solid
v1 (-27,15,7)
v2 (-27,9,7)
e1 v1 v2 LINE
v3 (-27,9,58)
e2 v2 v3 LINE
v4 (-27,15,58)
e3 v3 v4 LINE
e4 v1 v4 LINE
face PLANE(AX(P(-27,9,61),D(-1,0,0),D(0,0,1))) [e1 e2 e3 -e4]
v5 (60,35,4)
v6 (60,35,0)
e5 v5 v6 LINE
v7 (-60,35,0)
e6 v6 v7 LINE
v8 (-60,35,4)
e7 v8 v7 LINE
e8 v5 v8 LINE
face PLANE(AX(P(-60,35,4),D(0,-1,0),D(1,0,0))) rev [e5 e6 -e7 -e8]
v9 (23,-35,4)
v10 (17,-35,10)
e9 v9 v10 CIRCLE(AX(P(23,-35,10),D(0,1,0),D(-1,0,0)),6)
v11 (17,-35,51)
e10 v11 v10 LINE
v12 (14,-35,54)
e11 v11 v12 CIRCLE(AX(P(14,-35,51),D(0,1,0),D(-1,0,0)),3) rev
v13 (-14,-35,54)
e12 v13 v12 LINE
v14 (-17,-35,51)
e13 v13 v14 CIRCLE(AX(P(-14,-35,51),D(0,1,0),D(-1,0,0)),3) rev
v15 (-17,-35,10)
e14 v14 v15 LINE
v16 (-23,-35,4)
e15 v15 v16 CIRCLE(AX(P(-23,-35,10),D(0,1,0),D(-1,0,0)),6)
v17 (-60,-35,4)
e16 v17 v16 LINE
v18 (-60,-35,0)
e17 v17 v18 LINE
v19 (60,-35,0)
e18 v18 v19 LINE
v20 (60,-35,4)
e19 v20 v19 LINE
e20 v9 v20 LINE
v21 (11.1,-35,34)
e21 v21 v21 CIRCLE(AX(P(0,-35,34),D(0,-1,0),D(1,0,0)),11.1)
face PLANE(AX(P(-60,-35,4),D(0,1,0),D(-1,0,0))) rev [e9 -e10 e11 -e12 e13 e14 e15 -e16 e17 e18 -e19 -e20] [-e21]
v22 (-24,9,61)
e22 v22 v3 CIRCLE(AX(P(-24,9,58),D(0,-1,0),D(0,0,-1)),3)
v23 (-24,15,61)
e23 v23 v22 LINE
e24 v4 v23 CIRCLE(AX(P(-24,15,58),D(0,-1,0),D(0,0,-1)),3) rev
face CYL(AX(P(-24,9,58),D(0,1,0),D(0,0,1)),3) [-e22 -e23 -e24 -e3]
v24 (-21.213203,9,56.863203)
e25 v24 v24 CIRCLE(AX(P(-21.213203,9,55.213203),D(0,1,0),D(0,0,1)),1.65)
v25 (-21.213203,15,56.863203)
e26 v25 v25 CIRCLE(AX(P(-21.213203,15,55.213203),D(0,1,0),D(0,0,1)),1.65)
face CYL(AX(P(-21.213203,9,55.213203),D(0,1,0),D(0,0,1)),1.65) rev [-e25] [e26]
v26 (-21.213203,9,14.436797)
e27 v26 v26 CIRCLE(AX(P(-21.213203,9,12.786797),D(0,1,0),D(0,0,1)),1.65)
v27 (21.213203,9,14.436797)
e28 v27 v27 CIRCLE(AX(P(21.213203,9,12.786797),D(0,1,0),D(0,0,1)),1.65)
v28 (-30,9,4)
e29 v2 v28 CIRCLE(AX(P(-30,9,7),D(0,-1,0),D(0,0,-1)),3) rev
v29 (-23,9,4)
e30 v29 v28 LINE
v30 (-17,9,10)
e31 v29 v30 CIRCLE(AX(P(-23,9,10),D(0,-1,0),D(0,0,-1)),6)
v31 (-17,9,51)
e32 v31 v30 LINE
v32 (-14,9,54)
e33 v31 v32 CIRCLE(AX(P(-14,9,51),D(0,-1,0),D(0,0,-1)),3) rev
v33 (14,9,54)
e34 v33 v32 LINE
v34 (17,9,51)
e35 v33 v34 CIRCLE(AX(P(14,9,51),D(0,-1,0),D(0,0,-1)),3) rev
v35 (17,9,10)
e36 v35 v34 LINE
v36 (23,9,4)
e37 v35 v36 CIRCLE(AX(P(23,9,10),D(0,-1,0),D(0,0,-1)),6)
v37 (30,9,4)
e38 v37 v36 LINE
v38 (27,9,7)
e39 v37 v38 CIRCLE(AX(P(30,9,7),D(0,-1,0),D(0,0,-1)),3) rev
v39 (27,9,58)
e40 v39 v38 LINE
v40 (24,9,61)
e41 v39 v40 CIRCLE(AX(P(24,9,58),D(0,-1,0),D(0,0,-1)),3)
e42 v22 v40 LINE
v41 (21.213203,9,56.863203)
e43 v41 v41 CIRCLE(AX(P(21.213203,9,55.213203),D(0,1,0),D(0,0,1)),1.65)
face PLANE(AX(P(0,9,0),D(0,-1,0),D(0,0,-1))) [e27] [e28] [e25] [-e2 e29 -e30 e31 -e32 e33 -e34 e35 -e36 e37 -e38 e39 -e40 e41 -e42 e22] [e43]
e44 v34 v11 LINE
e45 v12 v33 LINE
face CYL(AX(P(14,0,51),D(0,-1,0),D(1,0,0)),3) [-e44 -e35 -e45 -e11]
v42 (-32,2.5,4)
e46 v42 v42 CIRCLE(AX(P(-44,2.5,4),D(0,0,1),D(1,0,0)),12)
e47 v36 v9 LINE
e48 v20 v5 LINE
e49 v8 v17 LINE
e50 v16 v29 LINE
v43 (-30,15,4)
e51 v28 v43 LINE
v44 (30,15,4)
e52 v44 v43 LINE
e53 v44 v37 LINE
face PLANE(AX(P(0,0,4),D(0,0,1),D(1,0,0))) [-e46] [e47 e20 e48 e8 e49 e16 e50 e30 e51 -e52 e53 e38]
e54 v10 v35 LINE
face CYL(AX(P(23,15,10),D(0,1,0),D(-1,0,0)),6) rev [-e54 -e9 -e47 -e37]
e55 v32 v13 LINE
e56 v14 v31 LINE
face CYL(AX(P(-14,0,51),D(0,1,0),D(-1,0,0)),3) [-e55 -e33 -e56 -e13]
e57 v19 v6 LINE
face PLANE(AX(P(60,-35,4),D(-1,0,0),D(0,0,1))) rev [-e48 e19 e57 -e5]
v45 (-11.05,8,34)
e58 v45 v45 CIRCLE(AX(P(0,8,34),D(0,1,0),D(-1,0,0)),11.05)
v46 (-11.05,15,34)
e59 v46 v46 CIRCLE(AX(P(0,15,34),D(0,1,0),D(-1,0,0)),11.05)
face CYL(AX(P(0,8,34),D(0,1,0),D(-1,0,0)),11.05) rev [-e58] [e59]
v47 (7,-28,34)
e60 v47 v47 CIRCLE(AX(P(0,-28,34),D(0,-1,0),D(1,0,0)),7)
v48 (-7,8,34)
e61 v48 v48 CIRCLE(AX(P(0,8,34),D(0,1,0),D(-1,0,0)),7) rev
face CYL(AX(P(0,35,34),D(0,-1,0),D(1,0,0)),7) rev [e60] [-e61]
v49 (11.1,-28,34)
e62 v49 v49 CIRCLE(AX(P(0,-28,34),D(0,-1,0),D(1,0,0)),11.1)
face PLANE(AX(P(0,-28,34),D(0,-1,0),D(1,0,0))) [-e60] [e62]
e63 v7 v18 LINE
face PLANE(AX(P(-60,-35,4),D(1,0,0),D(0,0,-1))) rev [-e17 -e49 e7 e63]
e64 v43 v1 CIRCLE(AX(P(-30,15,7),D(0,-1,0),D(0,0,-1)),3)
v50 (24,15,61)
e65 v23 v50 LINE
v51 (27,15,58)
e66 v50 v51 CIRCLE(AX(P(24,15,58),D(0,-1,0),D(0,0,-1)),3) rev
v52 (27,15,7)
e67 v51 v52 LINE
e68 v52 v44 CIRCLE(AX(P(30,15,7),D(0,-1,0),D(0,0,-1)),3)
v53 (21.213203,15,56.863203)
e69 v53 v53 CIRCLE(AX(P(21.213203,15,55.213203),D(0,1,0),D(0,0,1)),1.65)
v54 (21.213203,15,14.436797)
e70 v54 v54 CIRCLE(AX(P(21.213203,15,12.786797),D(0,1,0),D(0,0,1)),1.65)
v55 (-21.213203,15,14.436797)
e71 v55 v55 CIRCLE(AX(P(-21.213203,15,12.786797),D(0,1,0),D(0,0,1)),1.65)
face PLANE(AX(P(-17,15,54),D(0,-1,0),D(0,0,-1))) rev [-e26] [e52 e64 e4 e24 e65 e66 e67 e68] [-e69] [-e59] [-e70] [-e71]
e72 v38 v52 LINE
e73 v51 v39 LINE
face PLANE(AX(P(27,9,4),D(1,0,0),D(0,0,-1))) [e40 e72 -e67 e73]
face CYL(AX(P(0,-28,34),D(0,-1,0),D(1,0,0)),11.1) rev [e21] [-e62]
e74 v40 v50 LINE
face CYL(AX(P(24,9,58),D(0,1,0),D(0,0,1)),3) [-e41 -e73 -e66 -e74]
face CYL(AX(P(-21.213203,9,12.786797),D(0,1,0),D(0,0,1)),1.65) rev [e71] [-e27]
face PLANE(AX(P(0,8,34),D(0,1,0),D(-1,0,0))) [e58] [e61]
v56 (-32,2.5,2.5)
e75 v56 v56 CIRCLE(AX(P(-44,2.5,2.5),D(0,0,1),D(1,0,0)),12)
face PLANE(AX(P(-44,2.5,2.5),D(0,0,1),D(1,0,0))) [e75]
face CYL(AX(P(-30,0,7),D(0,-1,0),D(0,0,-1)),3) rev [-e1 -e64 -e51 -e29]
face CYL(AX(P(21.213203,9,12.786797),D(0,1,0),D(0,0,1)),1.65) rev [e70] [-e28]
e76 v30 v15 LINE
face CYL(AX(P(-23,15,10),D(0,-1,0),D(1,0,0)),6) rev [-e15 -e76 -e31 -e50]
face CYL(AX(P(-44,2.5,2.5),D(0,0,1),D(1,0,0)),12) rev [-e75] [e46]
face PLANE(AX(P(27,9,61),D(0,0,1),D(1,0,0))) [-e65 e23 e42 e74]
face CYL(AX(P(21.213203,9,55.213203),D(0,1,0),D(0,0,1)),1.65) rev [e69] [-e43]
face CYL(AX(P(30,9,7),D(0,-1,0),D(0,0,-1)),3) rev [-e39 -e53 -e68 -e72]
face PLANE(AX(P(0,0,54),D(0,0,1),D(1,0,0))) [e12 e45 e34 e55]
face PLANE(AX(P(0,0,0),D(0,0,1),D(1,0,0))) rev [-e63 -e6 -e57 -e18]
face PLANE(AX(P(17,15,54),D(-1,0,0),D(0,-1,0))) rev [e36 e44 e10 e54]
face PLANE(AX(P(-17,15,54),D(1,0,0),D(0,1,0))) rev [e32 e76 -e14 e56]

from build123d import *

# Parameters (mm, degrees)
SKETCH1_W           = 70
SKETCH1_H           = 120
BOSS_EXTRUDE1_DEPTH = 4
SKETCH2_W           = 34
SKETCH2_H           = 50
BOSS_EXTRUDE2_DEPTH = 50
SKETCH3_R           = 11.1
CUT_EXTRUDE1_DEPTH  = 7
SKETCH5_R           = 7
CUT_EXTRUDE3_DEPTH  = 103.396288995
SKETCH6_R           = 11.05
CUT_EXTRUDE4_DEPTH  = 7
SKETCH7_R           = 12
CUT_EXTRUDE5_DEPTH  = 1.5
SKETCH8_R           = 1.65
BOSS_EXTRUDE3_DEPTH = 6
FILLET1_R           = 3
FILLET2_R           = 6


with BuildPart() as part:
    # Sketch1 → Boss-Extrude1 (new body)
    with BuildSketch(Plane(origin=(0, 0, 0), x_dir=(0, 1, 0), z_dir=(0, 0, 1))):
        Rectangle(SKETCH1_W, SKETCH1_H)
    extrude(amount=BOSS_EXTRUDE1_DEPTH)

    # Sketch2 → Boss-Extrude2 (add)
    with BuildSketch(Plane.XY.offset(4)):
        with Locations((0, -10)):
            Rectangle(SKETCH2_W, SKETCH2_H)
    extrude(amount=BOSS_EXTRUDE2_DEPTH)

    # Sketch3 → Cut-Extrude1 (cut)
    with BuildSketch(Plane.XZ.offset(35)):
        with Locations((0, 34)):
            Circle(SKETCH3_R)
    extrude(amount=-CUT_EXTRUDE1_DEPTH, mode=Mode.SUBTRACT)

    # Sketch5 → Cut-Extrude3 (cut, through all)
    with BuildSketch(Plane.XZ.offset(28)):
        with Locations((0, 34)):
            Circle(SKETCH5_R)
    extrude(amount=-CUT_EXTRUDE3_DEPTH, mode=Mode.SUBTRACT)

    # Sketch6 → Cut-Extrude4 (cut)
    with BuildSketch(Plane(origin=(0, 15, 0), x_dir=(-1, 0, 0), z_dir=(0, 1, 0))):
        with Locations((0, 34)):
            Circle(SKETCH6_R)
    extrude(amount=-CUT_EXTRUDE4_DEPTH, mode=Mode.SUBTRACT)

    # Sketch7 → Cut-Extrude5 (cut)
    with BuildSketch(Plane.XY.offset(4)):
        with Locations((-44, 2.5)):
            Circle(SKETCH7_R)
    extrude(amount=-CUT_EXTRUDE5_DEPTH, mode=Mode.SUBTRACT)

    # Sketch8 → Boss-Extrude3 (add)
    with BuildSketch(Plane(origin=(0, 15, 0), x_dir=(-1, 0, 0), z_dir=(0, 1, 0))):
        Polygon((-17, 4), (-27, 4), (-27, 61), (27, 61), (27, 4), (17, 4), (17, 54), (-17, 54), align=None)
        with Locations(Location((-21.213203436, 55.213203436, 0), (0, 0, 90))):
            Circle(SKETCH8_R, mode=Mode.SUBTRACT)
        with Locations(Location((21.213203436, 55.213203436, 0), (0, 0, 90))):
            Circle(SKETCH8_R, mode=Mode.SUBTRACT)
        with Locations(Location((-21.213203436, 12.786796564, 0), (0, 0, 90))):
            Circle(SKETCH8_R, mode=Mode.SUBTRACT)
        with Locations(Location((21.213203436, 12.786796564, 0), (0, 0, 90))):
            Circle(SKETCH8_R, mode=Mode.SUBTRACT)
    extrude(amount=-BOSS_EXTRUDE3_DEPTH)

    # Fillet1
    fillet1_edges = [part.edges().sort_by_distance(p)[0] for p in [
        (17, -13, 54),
        (-17, -13, 54),
        (27, 12, 4),
        (27, 12, 61),
        (-27, 12, 61),
        (-27, 12, 4),
    ]]
    fillet(fillet1_edges, radius=FILLET1_R)

    # Fillet2
    fillet2_edges = [part.edges().sort_by_distance(p)[0] for p in [
        (17, -13, 4),
        (-17, -13, 4),
    ]]
    fillet(fillet2_edges, radius=FILLET2_R)


solid = part.part
